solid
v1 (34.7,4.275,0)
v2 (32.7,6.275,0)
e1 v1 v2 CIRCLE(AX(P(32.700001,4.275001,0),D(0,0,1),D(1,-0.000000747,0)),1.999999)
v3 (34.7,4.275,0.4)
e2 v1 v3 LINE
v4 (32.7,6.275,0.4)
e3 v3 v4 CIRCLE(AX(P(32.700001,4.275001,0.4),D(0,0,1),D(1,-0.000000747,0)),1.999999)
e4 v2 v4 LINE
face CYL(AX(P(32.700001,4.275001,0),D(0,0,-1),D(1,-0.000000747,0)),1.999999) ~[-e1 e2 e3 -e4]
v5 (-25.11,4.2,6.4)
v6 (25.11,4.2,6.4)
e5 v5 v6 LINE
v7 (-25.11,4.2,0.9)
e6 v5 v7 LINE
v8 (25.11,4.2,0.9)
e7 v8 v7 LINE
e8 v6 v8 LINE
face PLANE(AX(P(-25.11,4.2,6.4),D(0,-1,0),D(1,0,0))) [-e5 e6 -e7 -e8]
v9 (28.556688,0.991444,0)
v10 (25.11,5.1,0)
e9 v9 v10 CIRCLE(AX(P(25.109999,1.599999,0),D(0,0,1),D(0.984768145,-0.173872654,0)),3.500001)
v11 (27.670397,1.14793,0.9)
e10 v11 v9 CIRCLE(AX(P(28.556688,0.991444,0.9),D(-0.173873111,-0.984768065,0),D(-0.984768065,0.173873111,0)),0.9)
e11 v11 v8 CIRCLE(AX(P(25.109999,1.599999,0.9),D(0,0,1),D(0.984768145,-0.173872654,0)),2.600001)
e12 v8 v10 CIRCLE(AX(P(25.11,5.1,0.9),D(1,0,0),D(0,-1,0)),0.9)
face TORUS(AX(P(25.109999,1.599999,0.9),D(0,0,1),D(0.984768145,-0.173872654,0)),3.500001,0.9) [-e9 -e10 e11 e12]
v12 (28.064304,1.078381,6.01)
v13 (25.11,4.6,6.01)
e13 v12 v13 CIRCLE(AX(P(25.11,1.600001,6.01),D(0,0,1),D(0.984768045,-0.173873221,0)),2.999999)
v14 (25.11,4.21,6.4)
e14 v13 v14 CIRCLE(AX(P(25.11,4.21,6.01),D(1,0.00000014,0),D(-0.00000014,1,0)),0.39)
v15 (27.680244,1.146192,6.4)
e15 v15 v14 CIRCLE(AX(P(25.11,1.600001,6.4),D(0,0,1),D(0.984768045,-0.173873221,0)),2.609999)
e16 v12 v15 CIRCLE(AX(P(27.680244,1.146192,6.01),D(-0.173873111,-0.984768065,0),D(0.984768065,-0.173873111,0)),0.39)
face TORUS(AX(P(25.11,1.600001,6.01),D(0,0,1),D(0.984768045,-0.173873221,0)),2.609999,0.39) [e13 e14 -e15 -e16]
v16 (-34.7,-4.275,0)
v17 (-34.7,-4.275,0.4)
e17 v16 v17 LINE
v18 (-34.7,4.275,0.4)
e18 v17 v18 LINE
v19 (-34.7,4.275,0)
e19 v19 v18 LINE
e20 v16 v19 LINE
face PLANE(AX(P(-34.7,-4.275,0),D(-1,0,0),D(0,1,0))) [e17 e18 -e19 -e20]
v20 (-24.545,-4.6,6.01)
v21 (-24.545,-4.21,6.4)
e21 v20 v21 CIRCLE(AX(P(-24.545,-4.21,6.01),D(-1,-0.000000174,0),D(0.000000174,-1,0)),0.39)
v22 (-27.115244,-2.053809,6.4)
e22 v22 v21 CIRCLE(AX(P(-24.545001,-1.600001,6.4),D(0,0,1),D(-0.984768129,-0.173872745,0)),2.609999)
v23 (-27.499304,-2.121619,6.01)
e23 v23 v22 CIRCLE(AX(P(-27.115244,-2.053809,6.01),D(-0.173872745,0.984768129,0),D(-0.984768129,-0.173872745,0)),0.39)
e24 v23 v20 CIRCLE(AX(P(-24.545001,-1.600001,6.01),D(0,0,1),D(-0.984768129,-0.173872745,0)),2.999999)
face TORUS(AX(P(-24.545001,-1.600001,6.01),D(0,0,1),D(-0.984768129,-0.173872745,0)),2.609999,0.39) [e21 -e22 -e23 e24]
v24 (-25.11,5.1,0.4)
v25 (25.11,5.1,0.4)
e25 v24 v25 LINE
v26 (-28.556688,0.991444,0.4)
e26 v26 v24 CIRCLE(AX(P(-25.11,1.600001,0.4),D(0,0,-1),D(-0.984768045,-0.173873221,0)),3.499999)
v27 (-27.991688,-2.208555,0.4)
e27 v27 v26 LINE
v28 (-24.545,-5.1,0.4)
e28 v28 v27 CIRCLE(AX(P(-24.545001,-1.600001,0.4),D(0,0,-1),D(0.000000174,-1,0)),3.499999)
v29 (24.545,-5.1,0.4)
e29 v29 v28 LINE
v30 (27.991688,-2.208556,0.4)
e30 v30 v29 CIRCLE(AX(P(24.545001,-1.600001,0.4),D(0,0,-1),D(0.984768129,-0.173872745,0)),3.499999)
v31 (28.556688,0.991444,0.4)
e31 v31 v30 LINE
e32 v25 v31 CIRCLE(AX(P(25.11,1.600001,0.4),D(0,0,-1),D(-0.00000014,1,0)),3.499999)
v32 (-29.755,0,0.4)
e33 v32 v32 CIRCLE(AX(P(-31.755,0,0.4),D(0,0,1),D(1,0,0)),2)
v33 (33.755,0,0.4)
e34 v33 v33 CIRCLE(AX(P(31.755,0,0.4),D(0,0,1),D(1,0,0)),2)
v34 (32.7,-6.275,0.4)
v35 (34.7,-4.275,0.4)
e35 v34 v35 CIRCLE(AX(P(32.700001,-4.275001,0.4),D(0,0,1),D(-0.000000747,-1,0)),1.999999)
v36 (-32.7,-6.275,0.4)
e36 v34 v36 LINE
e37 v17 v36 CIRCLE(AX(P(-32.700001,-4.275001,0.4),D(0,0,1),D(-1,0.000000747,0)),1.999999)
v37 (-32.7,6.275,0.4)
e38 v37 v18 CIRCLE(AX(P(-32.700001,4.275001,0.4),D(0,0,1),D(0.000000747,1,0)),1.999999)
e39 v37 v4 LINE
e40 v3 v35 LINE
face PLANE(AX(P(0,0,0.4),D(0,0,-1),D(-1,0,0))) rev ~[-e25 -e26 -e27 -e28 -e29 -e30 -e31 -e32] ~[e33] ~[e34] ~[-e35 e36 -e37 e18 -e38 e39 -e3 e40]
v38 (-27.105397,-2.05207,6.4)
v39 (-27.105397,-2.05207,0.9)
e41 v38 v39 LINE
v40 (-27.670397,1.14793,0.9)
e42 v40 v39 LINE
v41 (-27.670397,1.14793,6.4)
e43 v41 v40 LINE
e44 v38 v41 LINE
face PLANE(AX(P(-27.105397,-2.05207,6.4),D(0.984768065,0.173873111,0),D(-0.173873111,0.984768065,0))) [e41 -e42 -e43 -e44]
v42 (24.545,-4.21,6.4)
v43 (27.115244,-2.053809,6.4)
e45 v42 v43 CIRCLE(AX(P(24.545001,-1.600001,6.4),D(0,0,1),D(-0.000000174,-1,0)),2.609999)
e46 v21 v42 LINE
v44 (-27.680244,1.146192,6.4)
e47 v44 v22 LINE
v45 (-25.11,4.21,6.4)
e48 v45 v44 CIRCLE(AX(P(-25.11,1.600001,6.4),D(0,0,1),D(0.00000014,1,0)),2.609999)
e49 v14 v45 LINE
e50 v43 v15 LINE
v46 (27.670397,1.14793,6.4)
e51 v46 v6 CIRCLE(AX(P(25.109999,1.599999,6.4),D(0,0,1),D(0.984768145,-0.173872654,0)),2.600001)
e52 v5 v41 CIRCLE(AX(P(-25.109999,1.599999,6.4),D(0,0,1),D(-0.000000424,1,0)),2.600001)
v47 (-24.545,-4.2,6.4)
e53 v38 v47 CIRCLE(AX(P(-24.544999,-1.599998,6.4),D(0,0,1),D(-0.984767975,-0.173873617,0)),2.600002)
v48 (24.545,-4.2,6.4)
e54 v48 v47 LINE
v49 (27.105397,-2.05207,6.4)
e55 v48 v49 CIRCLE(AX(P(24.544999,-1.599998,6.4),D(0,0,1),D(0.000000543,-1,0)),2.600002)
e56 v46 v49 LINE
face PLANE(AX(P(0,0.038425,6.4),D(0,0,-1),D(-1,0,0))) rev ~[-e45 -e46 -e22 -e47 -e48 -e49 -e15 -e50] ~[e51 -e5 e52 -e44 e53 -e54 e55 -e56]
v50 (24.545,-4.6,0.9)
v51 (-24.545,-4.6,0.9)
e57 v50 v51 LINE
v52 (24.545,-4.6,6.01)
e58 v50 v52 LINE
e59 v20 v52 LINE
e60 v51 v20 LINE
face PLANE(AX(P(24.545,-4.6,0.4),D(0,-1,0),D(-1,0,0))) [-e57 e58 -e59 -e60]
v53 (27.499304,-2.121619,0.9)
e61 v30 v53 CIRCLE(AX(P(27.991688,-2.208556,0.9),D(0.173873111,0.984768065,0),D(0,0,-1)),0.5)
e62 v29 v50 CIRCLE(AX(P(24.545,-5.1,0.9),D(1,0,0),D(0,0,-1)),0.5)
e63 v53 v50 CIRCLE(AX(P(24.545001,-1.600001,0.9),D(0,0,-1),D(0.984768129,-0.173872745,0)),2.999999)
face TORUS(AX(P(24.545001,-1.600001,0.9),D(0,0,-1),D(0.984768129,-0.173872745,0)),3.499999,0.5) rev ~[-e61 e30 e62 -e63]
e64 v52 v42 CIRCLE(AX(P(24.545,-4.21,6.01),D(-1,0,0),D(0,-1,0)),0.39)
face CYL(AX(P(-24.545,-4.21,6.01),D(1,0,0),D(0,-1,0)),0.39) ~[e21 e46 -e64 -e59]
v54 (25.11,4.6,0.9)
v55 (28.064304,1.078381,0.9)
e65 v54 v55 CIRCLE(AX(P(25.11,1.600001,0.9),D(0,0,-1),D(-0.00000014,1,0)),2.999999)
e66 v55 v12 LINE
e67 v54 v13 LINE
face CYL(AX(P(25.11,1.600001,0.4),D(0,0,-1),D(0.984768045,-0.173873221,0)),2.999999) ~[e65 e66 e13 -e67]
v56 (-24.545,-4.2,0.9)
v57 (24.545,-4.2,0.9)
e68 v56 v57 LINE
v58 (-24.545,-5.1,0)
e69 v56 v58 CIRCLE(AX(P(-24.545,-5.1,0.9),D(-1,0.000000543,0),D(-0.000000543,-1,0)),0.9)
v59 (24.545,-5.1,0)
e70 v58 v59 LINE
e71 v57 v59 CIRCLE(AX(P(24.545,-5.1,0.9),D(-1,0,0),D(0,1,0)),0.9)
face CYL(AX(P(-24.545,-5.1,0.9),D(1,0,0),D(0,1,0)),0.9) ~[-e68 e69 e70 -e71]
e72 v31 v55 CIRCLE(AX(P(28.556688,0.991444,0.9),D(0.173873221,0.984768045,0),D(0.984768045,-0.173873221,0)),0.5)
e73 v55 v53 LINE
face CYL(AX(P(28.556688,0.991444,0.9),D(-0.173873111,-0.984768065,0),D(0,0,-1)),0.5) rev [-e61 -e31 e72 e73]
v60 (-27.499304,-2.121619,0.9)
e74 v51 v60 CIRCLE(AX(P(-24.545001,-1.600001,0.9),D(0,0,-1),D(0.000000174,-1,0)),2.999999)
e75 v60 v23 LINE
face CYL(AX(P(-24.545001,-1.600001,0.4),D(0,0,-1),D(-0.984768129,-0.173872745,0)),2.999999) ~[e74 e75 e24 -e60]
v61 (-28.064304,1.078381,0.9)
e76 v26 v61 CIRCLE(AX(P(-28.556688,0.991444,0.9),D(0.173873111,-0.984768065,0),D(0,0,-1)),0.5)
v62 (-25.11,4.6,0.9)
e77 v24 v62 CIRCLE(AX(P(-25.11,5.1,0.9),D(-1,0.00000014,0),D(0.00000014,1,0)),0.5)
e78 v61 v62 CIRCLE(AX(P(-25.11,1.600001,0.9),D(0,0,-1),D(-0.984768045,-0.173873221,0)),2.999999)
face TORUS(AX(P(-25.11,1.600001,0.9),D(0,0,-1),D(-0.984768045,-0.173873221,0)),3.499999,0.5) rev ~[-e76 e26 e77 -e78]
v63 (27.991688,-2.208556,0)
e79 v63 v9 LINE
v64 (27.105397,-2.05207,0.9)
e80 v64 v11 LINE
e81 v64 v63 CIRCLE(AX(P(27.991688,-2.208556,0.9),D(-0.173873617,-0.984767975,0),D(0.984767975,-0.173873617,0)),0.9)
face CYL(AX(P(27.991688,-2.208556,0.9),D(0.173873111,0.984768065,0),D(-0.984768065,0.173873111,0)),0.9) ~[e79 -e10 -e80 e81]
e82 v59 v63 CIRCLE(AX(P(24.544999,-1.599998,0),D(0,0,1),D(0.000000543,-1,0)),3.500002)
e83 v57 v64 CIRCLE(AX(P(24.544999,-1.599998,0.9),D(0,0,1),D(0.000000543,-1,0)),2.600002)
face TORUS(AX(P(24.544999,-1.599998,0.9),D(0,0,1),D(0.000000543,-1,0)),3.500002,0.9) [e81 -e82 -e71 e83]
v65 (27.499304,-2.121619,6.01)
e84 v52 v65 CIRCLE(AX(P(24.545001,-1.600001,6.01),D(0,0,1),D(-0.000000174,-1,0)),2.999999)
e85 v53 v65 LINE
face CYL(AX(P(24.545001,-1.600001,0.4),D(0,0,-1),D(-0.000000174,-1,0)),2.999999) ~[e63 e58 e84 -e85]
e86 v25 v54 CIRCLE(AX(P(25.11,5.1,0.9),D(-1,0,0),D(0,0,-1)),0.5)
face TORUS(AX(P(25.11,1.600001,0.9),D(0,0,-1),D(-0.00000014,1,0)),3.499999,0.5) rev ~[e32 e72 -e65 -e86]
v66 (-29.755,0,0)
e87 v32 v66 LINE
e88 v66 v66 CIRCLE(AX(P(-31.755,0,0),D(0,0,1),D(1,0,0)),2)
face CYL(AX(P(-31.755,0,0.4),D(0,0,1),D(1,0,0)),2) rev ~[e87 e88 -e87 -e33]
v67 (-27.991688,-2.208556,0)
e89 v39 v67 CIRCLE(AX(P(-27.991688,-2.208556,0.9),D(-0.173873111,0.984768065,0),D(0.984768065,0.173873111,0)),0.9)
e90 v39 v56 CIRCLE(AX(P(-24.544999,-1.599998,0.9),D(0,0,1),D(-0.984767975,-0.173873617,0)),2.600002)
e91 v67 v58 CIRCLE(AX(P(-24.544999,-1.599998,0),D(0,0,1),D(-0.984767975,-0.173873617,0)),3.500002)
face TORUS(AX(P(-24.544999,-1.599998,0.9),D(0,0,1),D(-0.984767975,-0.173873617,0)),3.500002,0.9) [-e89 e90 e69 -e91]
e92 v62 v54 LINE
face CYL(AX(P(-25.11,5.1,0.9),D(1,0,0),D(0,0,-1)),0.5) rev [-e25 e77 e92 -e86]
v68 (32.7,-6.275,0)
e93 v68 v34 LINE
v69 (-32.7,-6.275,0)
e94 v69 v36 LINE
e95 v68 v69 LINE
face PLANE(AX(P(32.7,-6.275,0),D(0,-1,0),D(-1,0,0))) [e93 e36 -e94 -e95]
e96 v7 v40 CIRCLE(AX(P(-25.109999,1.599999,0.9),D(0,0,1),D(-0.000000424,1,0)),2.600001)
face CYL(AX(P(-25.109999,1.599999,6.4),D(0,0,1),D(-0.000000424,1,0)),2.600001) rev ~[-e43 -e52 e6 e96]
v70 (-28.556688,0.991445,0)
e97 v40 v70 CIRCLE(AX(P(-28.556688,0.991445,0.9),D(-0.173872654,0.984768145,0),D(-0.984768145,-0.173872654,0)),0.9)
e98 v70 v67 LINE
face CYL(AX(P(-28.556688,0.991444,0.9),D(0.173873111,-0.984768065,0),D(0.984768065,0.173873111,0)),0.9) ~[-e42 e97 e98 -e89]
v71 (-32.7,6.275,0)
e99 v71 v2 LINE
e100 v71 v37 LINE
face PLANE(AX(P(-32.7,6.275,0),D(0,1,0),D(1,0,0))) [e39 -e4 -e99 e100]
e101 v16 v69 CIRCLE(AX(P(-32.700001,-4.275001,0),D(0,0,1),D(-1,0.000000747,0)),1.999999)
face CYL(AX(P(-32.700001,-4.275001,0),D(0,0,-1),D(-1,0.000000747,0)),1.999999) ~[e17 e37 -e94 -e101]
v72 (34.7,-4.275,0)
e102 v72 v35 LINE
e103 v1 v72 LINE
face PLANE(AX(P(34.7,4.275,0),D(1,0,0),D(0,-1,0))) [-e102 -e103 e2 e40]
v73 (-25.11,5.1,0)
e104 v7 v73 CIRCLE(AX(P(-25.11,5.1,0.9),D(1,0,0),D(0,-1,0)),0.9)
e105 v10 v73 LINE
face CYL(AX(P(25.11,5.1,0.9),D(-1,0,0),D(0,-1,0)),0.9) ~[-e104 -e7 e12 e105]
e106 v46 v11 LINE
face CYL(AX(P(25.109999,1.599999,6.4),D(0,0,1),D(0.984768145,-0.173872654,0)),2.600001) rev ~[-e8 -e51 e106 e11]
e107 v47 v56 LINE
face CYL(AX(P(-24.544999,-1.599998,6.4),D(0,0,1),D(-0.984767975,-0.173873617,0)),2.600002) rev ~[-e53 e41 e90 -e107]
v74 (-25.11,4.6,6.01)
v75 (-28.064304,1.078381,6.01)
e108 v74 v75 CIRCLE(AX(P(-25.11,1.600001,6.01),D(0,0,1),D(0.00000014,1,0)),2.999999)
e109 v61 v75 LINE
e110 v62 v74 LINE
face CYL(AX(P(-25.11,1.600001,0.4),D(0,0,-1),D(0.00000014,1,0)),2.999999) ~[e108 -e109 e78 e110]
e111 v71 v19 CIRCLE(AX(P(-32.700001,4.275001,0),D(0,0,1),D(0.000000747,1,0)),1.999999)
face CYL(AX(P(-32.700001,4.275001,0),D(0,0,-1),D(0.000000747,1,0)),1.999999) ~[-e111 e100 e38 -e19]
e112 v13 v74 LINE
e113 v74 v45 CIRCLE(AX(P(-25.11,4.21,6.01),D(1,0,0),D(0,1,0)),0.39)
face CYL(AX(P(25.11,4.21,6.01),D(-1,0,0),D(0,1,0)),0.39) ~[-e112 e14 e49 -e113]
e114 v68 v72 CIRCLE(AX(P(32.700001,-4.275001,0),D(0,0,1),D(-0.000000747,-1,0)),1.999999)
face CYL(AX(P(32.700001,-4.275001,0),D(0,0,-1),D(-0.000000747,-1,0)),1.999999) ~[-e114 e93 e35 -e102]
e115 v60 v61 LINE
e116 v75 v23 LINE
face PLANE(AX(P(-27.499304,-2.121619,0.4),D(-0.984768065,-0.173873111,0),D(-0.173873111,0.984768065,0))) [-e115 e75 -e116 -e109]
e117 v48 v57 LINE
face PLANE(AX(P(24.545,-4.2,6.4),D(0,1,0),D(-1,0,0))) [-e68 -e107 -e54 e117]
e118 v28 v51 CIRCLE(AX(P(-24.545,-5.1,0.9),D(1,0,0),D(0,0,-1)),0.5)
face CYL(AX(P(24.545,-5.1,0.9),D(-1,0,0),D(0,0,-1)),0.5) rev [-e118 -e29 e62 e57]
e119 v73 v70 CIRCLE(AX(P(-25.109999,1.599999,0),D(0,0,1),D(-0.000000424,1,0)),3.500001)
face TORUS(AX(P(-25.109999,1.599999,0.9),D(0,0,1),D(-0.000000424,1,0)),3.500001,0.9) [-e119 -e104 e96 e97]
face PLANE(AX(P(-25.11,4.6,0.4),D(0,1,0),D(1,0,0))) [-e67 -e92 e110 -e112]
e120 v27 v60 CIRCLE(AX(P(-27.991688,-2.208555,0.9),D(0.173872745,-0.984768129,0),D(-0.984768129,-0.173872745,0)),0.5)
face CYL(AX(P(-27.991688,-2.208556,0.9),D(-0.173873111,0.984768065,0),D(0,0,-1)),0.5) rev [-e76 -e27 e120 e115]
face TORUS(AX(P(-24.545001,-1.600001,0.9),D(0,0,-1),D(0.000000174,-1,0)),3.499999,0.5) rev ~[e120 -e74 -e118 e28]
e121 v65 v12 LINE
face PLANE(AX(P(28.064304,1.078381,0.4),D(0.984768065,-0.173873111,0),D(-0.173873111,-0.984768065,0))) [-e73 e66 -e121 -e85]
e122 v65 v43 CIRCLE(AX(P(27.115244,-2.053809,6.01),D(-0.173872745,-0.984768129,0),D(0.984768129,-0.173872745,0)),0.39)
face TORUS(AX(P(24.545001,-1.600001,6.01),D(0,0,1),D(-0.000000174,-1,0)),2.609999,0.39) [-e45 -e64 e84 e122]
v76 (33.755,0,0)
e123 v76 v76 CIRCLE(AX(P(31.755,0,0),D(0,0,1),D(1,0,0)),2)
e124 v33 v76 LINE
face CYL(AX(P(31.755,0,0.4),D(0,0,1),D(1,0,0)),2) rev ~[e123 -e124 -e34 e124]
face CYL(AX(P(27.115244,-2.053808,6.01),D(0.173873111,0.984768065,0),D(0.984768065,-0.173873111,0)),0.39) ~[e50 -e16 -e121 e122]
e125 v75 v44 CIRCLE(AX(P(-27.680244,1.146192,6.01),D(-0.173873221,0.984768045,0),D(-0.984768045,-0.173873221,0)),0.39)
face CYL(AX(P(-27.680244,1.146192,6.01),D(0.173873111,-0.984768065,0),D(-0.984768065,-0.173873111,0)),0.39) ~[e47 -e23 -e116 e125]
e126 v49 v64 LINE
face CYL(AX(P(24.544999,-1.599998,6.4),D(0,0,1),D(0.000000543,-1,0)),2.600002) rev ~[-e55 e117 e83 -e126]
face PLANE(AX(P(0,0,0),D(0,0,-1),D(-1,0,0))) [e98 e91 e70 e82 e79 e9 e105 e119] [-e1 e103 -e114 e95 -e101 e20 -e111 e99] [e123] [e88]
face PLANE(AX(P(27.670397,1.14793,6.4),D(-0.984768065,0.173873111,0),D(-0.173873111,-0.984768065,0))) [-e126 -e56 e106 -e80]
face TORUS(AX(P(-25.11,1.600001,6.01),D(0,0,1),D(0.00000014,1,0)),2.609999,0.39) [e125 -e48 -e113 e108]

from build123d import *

# Parameters (mm, degrees)
PAD_DEPTH       = 0.4
SKETCH001_R     = 2
POCKET_DEPTH    = 5
PAD001_DEPTH    = 6
POCKET001_DEPTH = 6.401
FILLET_R        = 0.5
FILLET001_R     = 0.39
FILLET002_R     = 0.9


with BuildPart() as part:
    # Sketch → Pad (new body)
    with BuildSketch(Plane.XY):
        with BuildLine():
            Line((-32.7, 6.275), (32.7, 6.275))
            ThreePointArc((34.7, 4.275), (34.114214, 5.689214), (32.7, 6.275))
            Line((34.7, 4.275), (34.7, -4.275))
            ThreePointArc((32.7, -6.275), (34.114214, -5.689214), (34.7, -4.275))
            Line((32.7, -6.275), (-32.7, -6.275))
            ThreePointArc((-34.7, -4.275), (-34.114214, -5.689214), (-32.7, -6.275))
            Line((-34.7, -4.275), (-34.7, 4.275))
            ThreePointArc((-32.7, 6.275), (-34.114214, 5.689214), (-34.7, 4.275))
        make_face()
    extrude(amount=PAD_DEPTH)

    # Sketch001 (on Face10 of Pad) → Pocket (cut)
    with BuildSketch(Plane.XY.offset(0.4)):
        with Locations((-31.755, 0)):
            Circle(SKETCH001_R)
        with Locations((31.755, 0)):
            Circle(SKETCH001_R)
    extrude(amount=-POCKET_DEPTH, mode=Mode.SUBTRACT)

    # Sketch002 (on Face5 of Pocket) → Pad001 (join)
    with BuildSketch(Plane.XY.offset(0.4)):
        with BuildLine():
            Line((-25.11, 4.6), (25.11, 4.6))
            ThreePointArc((28.064304, 1.078381), (27.408354, 3.5281), (25.11, 4.6))
            Line((28.064304, 1.078381), (27.499304, -2.121619))
            ThreePointArc((24.545, -4.6), (26.4731, -3.898354), (27.499304, -2.121619))
            Line((24.545, -4.6), (-24.545, -4.6))
            ThreePointArc((-27.499304, -2.121619), (-26.4731, -3.898354), (-24.545, -4.6))
            Line((-27.499304, -2.121619), (-28.064304, 1.078381))
            ThreePointArc((-25.11, 4.6), (-27.408354, 3.5281), (-28.064304, 1.078381))
        make_face()
    extrude(amount=PAD001_DEPTH)

    # Sketch003 (on Face21 of Pad001) → Pocket001 (cut, through all)
    with BuildSketch(Plane.XY.offset(6.4)):
        with BuildLine():
            Line((-25.11, 4.2), (25.11, 4.2))
            ThreePointArc((27.670397, 1.14793), (27.101906, 3.27102), (25.11, 4.2))
            Line((27.670397, 1.14793), (27.105397, -2.05207))
            ThreePointArc((24.545, -4.2), (26.21602, -3.591906), (27.105397, -2.05207))
            Line((24.545, -4.2), (-24.545, -4.2))
            ThreePointArc((-27.105397, -2.05207), (-26.21602, -3.591906), (-24.545, -4.2))
            Line((-27.105397, -2.05207), (-27.670397, 1.14793))
            ThreePointArc((-25.11, 4.2), (-27.101906, 3.27102), (-27.670397, 1.14793))
        make_face()
    extrude(amount=-POCKET001_DEPTH, mode=Mode.SUBTRACT)

    # Fillet
    fillet_edges = [part.edges().sort_by_distance(p)[0] for p in [
        (0, -4.6, 0.4),
    ]]
    fillet(fillet_edges, radius=FILLET_R)

    # Fillet001
    fillet001_edges = [part.edges().sort_by_distance(p)[0] for p in [
        (-26.4731, -3.898354, 6.4),
    ]]
    fillet(fillet001_edges, radius=FILLET001_R)

    # Fillet002
    fillet002_edges = [part.edges().sort_by_distance(p)[0] for p in [
        (0, 4.2, 0),
    ]]
    fillet(fillet002_edges, radius=FILLET002_R)


solid = part.part
